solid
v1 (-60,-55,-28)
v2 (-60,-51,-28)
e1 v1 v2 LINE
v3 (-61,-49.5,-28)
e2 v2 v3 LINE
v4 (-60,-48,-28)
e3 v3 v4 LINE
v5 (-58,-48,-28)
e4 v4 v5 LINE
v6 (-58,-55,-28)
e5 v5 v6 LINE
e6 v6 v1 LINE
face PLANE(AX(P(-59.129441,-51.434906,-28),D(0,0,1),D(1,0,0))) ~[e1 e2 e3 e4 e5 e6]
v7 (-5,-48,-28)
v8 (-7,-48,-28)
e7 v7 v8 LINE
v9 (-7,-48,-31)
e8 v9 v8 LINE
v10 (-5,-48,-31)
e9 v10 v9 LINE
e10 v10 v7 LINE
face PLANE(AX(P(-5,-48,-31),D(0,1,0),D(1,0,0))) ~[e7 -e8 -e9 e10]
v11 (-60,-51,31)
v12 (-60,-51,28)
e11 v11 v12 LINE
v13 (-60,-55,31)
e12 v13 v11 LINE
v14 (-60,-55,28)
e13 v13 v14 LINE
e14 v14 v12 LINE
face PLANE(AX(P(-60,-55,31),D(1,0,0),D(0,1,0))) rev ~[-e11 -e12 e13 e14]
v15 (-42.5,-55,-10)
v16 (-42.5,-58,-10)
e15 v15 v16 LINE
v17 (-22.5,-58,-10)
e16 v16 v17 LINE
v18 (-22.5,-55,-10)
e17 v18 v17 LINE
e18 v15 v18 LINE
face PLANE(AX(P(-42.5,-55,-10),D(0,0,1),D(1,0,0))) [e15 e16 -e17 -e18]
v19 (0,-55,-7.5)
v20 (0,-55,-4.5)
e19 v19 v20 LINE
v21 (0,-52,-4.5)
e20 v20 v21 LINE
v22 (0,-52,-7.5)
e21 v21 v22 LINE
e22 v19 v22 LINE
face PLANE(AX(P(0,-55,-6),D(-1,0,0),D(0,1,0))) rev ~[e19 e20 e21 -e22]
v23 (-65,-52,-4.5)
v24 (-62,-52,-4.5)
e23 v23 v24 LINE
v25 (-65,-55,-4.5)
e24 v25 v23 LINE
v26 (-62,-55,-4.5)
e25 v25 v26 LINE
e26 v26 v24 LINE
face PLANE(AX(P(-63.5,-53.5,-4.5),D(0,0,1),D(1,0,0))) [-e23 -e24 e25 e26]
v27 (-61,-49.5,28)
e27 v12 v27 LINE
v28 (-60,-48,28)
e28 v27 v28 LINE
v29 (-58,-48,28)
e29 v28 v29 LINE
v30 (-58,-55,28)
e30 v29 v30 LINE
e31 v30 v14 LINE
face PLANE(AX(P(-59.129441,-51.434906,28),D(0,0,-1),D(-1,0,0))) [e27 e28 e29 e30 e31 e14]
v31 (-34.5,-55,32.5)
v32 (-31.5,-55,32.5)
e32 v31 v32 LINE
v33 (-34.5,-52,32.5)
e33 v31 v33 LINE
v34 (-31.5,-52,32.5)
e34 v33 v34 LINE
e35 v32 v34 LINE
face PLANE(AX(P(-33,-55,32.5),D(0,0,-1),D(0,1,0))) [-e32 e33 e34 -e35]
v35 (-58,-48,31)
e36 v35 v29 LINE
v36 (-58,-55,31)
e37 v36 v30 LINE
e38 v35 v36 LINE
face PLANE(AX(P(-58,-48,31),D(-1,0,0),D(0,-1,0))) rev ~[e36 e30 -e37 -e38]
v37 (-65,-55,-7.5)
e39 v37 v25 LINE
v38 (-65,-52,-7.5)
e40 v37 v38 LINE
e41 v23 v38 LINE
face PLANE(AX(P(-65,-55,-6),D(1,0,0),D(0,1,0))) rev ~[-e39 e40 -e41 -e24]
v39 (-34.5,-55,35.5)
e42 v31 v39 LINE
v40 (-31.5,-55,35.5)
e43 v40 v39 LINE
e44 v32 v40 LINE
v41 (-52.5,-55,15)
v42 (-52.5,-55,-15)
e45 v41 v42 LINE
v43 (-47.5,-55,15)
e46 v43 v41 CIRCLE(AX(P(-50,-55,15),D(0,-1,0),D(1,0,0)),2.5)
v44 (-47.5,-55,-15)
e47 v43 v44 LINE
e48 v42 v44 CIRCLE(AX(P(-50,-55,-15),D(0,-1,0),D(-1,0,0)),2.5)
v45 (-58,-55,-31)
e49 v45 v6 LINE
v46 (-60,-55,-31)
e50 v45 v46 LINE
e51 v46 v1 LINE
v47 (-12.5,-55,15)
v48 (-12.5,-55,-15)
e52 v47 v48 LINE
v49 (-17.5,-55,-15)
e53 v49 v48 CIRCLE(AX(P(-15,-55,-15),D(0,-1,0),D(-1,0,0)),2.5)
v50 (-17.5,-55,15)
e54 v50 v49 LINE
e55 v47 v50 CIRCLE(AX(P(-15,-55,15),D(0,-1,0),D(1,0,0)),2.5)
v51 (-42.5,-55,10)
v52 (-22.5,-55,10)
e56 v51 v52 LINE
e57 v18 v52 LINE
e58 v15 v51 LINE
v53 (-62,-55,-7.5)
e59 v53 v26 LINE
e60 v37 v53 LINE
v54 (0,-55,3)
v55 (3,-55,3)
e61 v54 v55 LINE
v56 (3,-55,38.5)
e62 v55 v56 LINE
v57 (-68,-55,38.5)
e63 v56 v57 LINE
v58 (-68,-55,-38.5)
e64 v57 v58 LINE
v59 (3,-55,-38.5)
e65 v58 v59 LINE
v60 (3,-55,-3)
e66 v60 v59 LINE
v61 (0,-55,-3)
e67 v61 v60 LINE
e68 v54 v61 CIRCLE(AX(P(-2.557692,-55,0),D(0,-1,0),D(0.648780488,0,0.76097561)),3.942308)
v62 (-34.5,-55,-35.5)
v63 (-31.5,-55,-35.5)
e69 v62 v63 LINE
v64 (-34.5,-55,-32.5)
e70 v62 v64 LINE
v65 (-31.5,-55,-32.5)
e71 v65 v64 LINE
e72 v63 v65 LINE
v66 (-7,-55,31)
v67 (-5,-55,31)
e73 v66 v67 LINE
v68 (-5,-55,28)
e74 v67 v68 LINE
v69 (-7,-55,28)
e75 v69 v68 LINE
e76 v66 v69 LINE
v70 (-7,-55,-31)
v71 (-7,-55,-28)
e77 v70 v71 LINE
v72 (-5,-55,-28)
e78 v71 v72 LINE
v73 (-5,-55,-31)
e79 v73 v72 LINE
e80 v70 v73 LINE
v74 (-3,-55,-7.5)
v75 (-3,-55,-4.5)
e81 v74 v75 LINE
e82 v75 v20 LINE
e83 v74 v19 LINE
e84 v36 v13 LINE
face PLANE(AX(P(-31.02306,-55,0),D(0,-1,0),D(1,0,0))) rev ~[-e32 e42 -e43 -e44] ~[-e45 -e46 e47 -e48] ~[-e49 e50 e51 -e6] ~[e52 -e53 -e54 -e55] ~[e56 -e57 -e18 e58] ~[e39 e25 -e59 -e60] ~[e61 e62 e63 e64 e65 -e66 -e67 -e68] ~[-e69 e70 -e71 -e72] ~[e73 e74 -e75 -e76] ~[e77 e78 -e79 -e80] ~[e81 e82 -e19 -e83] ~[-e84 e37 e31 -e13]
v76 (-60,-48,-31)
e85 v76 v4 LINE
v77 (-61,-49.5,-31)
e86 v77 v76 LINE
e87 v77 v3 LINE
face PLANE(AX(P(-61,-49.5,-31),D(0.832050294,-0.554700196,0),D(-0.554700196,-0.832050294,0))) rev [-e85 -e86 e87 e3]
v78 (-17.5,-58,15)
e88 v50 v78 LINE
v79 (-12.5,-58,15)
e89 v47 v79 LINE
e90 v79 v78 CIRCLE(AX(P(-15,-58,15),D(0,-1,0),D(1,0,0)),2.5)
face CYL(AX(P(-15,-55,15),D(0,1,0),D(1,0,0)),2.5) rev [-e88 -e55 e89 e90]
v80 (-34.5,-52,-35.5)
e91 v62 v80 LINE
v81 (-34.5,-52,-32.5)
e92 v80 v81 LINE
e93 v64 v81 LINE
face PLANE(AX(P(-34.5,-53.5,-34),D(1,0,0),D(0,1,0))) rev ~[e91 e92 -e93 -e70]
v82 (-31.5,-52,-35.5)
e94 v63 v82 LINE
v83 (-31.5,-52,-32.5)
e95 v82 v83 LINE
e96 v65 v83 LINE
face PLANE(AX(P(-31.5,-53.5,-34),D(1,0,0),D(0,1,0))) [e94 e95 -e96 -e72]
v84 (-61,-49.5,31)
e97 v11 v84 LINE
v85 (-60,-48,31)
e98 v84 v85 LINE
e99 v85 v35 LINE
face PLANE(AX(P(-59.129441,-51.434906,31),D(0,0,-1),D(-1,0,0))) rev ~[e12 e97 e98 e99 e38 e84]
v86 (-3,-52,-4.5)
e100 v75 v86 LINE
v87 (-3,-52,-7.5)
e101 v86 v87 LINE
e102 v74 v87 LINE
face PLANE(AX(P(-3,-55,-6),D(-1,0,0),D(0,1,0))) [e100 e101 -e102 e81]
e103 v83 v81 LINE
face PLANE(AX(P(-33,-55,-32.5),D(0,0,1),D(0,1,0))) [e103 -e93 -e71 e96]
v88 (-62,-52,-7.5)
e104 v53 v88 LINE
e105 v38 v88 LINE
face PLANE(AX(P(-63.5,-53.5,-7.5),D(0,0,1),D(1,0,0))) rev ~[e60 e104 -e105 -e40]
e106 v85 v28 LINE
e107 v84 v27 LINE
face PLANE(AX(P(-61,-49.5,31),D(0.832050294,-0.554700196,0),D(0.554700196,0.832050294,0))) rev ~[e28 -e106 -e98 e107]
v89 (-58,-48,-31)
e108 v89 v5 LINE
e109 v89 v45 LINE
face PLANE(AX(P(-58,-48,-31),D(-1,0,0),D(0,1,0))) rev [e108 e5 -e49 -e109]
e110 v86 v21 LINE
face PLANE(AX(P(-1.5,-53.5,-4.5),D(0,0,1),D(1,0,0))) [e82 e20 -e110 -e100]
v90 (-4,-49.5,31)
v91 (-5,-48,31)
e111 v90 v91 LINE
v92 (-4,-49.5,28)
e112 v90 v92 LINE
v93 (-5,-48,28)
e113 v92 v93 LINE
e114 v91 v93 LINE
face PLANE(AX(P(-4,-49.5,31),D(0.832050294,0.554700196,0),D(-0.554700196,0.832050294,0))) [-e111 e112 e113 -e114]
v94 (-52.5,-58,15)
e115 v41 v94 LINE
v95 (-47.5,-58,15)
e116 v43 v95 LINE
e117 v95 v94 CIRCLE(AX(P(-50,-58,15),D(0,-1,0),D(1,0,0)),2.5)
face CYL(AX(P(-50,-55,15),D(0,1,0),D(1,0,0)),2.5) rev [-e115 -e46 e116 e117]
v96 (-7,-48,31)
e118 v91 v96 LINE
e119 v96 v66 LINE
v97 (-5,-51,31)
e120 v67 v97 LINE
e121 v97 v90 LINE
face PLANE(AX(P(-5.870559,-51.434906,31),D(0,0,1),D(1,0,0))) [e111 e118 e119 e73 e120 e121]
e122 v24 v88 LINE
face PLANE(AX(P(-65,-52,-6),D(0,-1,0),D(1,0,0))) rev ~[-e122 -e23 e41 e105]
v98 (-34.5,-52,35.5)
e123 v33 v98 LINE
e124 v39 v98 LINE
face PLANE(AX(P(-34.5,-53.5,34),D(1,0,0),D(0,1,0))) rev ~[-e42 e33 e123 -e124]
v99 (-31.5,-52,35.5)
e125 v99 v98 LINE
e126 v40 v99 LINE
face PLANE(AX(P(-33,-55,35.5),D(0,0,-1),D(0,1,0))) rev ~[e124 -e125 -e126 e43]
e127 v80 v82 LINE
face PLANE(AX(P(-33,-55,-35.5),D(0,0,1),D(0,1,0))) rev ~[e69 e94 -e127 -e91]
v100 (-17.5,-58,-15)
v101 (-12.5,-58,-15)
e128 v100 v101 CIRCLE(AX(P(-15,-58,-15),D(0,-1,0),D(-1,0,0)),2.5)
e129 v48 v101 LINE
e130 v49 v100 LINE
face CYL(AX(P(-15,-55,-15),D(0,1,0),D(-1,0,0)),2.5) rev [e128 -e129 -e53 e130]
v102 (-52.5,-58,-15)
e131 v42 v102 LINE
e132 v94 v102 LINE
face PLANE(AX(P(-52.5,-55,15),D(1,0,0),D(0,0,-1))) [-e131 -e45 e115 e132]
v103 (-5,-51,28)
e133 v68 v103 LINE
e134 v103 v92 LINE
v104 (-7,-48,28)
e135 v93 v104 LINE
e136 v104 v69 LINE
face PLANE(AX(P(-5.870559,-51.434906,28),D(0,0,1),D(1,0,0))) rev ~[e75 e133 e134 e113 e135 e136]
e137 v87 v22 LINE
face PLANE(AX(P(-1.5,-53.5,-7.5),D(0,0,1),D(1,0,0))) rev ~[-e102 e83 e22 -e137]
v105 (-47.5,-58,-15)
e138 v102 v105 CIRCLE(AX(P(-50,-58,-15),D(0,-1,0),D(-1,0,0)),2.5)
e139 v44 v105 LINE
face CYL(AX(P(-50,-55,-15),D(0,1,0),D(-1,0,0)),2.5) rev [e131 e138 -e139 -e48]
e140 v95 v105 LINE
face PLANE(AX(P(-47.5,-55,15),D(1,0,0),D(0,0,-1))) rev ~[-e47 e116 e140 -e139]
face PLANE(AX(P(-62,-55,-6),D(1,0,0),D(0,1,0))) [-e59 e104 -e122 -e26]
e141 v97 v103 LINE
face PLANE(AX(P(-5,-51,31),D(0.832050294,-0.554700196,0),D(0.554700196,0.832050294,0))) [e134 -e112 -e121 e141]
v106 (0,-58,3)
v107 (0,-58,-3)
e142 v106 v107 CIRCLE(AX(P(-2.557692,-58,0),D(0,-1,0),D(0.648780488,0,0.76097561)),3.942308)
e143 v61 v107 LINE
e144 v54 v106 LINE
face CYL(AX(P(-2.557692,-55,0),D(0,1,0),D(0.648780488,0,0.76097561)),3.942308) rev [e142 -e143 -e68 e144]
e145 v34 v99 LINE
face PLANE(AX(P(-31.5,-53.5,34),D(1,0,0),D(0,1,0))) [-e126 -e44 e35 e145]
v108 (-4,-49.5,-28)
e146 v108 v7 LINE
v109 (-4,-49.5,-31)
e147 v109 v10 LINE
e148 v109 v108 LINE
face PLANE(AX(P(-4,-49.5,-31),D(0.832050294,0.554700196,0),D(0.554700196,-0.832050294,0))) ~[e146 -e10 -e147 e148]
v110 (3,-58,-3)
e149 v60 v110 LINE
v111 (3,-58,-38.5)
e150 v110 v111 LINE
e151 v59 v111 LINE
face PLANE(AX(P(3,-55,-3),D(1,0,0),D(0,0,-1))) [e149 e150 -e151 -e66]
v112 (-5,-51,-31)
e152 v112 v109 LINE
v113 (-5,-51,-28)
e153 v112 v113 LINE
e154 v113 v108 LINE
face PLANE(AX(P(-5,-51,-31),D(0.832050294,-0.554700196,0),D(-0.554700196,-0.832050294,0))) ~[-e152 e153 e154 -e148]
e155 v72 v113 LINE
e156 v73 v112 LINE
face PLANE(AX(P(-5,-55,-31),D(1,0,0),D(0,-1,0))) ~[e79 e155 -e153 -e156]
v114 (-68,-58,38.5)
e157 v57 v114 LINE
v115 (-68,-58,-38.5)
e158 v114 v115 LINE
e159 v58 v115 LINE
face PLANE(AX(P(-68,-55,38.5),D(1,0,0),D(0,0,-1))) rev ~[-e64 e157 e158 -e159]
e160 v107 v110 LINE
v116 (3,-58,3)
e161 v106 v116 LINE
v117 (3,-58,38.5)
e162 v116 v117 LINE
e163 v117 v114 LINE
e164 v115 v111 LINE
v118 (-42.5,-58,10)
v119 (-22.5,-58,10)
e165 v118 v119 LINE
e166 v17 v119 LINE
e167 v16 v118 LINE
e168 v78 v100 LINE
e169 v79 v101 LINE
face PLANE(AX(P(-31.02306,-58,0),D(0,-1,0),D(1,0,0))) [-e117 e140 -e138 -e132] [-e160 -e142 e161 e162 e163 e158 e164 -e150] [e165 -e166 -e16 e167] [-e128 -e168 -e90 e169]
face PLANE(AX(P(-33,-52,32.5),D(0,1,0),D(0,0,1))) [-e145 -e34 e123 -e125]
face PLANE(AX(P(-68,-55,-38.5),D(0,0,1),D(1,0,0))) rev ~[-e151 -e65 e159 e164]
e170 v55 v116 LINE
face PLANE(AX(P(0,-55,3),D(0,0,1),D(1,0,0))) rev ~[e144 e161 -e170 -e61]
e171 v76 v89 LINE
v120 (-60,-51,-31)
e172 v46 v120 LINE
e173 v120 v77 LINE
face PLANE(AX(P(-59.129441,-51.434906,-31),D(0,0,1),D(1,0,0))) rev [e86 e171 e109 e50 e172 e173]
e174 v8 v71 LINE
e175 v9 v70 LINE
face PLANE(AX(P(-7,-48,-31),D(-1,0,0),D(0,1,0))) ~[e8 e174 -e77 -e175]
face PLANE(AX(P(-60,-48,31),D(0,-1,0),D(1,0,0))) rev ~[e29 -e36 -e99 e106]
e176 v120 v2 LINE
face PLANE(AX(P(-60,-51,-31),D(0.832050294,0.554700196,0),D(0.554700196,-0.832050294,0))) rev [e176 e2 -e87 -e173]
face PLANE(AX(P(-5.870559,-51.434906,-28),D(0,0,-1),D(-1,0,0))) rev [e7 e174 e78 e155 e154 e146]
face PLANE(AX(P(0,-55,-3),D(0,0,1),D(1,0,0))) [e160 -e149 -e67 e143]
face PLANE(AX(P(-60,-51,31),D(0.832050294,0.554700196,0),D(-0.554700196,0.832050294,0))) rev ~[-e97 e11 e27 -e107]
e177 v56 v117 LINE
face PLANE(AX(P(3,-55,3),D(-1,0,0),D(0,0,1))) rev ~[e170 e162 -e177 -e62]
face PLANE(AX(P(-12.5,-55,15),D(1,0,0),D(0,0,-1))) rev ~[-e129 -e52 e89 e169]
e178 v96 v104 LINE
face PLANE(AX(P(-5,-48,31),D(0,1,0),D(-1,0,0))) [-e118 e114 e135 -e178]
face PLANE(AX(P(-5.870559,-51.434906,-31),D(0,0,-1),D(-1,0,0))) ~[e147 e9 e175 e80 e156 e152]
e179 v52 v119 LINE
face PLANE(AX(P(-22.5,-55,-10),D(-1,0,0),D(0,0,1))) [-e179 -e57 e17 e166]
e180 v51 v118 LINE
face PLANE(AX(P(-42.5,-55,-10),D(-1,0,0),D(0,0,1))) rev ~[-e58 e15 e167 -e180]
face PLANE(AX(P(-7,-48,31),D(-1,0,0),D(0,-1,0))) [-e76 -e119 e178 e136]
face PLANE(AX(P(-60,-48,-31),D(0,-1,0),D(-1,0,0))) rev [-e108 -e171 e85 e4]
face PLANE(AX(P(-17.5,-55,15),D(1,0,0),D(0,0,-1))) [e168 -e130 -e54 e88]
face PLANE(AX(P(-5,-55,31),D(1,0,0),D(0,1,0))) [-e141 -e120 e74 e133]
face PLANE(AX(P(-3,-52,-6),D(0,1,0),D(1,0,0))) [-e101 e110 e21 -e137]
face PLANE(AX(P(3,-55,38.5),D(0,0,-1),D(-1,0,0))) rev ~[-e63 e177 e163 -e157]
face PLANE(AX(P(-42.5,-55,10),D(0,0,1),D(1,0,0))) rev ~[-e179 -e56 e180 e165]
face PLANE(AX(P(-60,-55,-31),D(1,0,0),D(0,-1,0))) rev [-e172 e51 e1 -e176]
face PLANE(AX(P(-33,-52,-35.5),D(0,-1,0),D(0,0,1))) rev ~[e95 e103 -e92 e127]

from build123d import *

# Parameters (mm, degrees)
SKETCH008_W  = 20
SKETCH008_H  = 20
PAD004_DEPTH = 3
PAD005_DEPTH = 3
SKETCH014_W  = 3
SKETCH014_H  = 3
PAD010_DEPTH = 1.5
SKETCH015_W  = 3
SKETCH015_H  = 3
PAD011_DEPTH = 1.5


with BuildPart() as part:
    # Sketch008 → Pad004 (new body)
    with BuildSketch(Plane.XZ):
        with BuildLine():
            Line((-68, -38.5), (3, -38.5))
            Line((3, -3), (3, -38.5))
            Line((0, -3), (3, -3))
            ThreePointArc((0, 3), (-6.5, 0), (0, -3))
            Line((0, 3), (3, 3))
            Line((3, 3), (3, 38.5))
            Line((3, 38.5), (-68, 38.5))
            Line((-68, 38.5), (-68, -38.5))
        make_face()
        with BuildLine():
            ThreePointArc((-12.5, 15), (-15, 17.5), (-17.5, 15))
            Line((-17.5, 15), (-17.5, -15))
            ThreePointArc((-17.5, -15), (-15, -17.5), (-12.5, -15))
            Line((-12.5, 15), (-12.5, -15))
        make_face(mode=Mode.SUBTRACT)
        with BuildLine():
            ThreePointArc((-47.5, 15), (-50, 17.5), (-52.5, 15))
            Line((-52.5, 15), (-52.5, -15))
            ThreePointArc((-52.5, -15), (-50, -17.5), (-47.5, -15))
            Line((-47.5, 15), (-47.5, -15))
        make_face(mode=Mode.SUBTRACT)
        with Locations((-32.5, 0)):
            Rectangle(SKETCH008_W, SKETCH008_H, mode=Mode.SUBTRACT)
    extrude(amount=PAD004_DEPTH)

    # Sketch009 → Pad005 (join)
    with BuildSketch(Plane.XY.offset(31)):
        Polygon((-5, 0), (-5, 4), (-4, 5.5), (-5, 7), (-7, 7), (-7, 0), align=None)
        Polygon((-60, 0), (-60, 4), (-61, 5.5), (-60, 7), (-58, 7), (-58, 0), align=None)
    pad005 = extrude(amount=-PAD005_DEPTH)

    # Mirrored001: Pad005 across XY
    add(pad005.mirror(Plane.XY))

    # Sketch014 → Pad010 (join, symmetric)
    with BuildSketch(Plane.XY.offset(-6)):
        with Locations((-1.5, 1.5)):
            Rectangle(SKETCH014_W, SKETCH014_H)
        with Locations((-63.5, 1.5)):
            Rectangle(SKETCH014_W, SKETCH014_H)
    extrude(amount=PAD010_DEPTH, both=True)

    # Sketch015 → Pad011 (join, symmetric)
    with BuildSketch(Plane.YZ.offset(-33)):
        with Locations((1.5, -34)):
            Rectangle(SKETCH015_W, SKETCH015_H)
        with Locations((1.5, 34)):
            Rectangle(SKETCH015_W, SKETCH015_H)
    extrude(amount=PAD011_DEPTH, both=True)


with BuildPart() as part_1:
    # Body003 placement: moved
    add(part.part.moved(Location((0, -55, 0))))


solid = part_1.part
